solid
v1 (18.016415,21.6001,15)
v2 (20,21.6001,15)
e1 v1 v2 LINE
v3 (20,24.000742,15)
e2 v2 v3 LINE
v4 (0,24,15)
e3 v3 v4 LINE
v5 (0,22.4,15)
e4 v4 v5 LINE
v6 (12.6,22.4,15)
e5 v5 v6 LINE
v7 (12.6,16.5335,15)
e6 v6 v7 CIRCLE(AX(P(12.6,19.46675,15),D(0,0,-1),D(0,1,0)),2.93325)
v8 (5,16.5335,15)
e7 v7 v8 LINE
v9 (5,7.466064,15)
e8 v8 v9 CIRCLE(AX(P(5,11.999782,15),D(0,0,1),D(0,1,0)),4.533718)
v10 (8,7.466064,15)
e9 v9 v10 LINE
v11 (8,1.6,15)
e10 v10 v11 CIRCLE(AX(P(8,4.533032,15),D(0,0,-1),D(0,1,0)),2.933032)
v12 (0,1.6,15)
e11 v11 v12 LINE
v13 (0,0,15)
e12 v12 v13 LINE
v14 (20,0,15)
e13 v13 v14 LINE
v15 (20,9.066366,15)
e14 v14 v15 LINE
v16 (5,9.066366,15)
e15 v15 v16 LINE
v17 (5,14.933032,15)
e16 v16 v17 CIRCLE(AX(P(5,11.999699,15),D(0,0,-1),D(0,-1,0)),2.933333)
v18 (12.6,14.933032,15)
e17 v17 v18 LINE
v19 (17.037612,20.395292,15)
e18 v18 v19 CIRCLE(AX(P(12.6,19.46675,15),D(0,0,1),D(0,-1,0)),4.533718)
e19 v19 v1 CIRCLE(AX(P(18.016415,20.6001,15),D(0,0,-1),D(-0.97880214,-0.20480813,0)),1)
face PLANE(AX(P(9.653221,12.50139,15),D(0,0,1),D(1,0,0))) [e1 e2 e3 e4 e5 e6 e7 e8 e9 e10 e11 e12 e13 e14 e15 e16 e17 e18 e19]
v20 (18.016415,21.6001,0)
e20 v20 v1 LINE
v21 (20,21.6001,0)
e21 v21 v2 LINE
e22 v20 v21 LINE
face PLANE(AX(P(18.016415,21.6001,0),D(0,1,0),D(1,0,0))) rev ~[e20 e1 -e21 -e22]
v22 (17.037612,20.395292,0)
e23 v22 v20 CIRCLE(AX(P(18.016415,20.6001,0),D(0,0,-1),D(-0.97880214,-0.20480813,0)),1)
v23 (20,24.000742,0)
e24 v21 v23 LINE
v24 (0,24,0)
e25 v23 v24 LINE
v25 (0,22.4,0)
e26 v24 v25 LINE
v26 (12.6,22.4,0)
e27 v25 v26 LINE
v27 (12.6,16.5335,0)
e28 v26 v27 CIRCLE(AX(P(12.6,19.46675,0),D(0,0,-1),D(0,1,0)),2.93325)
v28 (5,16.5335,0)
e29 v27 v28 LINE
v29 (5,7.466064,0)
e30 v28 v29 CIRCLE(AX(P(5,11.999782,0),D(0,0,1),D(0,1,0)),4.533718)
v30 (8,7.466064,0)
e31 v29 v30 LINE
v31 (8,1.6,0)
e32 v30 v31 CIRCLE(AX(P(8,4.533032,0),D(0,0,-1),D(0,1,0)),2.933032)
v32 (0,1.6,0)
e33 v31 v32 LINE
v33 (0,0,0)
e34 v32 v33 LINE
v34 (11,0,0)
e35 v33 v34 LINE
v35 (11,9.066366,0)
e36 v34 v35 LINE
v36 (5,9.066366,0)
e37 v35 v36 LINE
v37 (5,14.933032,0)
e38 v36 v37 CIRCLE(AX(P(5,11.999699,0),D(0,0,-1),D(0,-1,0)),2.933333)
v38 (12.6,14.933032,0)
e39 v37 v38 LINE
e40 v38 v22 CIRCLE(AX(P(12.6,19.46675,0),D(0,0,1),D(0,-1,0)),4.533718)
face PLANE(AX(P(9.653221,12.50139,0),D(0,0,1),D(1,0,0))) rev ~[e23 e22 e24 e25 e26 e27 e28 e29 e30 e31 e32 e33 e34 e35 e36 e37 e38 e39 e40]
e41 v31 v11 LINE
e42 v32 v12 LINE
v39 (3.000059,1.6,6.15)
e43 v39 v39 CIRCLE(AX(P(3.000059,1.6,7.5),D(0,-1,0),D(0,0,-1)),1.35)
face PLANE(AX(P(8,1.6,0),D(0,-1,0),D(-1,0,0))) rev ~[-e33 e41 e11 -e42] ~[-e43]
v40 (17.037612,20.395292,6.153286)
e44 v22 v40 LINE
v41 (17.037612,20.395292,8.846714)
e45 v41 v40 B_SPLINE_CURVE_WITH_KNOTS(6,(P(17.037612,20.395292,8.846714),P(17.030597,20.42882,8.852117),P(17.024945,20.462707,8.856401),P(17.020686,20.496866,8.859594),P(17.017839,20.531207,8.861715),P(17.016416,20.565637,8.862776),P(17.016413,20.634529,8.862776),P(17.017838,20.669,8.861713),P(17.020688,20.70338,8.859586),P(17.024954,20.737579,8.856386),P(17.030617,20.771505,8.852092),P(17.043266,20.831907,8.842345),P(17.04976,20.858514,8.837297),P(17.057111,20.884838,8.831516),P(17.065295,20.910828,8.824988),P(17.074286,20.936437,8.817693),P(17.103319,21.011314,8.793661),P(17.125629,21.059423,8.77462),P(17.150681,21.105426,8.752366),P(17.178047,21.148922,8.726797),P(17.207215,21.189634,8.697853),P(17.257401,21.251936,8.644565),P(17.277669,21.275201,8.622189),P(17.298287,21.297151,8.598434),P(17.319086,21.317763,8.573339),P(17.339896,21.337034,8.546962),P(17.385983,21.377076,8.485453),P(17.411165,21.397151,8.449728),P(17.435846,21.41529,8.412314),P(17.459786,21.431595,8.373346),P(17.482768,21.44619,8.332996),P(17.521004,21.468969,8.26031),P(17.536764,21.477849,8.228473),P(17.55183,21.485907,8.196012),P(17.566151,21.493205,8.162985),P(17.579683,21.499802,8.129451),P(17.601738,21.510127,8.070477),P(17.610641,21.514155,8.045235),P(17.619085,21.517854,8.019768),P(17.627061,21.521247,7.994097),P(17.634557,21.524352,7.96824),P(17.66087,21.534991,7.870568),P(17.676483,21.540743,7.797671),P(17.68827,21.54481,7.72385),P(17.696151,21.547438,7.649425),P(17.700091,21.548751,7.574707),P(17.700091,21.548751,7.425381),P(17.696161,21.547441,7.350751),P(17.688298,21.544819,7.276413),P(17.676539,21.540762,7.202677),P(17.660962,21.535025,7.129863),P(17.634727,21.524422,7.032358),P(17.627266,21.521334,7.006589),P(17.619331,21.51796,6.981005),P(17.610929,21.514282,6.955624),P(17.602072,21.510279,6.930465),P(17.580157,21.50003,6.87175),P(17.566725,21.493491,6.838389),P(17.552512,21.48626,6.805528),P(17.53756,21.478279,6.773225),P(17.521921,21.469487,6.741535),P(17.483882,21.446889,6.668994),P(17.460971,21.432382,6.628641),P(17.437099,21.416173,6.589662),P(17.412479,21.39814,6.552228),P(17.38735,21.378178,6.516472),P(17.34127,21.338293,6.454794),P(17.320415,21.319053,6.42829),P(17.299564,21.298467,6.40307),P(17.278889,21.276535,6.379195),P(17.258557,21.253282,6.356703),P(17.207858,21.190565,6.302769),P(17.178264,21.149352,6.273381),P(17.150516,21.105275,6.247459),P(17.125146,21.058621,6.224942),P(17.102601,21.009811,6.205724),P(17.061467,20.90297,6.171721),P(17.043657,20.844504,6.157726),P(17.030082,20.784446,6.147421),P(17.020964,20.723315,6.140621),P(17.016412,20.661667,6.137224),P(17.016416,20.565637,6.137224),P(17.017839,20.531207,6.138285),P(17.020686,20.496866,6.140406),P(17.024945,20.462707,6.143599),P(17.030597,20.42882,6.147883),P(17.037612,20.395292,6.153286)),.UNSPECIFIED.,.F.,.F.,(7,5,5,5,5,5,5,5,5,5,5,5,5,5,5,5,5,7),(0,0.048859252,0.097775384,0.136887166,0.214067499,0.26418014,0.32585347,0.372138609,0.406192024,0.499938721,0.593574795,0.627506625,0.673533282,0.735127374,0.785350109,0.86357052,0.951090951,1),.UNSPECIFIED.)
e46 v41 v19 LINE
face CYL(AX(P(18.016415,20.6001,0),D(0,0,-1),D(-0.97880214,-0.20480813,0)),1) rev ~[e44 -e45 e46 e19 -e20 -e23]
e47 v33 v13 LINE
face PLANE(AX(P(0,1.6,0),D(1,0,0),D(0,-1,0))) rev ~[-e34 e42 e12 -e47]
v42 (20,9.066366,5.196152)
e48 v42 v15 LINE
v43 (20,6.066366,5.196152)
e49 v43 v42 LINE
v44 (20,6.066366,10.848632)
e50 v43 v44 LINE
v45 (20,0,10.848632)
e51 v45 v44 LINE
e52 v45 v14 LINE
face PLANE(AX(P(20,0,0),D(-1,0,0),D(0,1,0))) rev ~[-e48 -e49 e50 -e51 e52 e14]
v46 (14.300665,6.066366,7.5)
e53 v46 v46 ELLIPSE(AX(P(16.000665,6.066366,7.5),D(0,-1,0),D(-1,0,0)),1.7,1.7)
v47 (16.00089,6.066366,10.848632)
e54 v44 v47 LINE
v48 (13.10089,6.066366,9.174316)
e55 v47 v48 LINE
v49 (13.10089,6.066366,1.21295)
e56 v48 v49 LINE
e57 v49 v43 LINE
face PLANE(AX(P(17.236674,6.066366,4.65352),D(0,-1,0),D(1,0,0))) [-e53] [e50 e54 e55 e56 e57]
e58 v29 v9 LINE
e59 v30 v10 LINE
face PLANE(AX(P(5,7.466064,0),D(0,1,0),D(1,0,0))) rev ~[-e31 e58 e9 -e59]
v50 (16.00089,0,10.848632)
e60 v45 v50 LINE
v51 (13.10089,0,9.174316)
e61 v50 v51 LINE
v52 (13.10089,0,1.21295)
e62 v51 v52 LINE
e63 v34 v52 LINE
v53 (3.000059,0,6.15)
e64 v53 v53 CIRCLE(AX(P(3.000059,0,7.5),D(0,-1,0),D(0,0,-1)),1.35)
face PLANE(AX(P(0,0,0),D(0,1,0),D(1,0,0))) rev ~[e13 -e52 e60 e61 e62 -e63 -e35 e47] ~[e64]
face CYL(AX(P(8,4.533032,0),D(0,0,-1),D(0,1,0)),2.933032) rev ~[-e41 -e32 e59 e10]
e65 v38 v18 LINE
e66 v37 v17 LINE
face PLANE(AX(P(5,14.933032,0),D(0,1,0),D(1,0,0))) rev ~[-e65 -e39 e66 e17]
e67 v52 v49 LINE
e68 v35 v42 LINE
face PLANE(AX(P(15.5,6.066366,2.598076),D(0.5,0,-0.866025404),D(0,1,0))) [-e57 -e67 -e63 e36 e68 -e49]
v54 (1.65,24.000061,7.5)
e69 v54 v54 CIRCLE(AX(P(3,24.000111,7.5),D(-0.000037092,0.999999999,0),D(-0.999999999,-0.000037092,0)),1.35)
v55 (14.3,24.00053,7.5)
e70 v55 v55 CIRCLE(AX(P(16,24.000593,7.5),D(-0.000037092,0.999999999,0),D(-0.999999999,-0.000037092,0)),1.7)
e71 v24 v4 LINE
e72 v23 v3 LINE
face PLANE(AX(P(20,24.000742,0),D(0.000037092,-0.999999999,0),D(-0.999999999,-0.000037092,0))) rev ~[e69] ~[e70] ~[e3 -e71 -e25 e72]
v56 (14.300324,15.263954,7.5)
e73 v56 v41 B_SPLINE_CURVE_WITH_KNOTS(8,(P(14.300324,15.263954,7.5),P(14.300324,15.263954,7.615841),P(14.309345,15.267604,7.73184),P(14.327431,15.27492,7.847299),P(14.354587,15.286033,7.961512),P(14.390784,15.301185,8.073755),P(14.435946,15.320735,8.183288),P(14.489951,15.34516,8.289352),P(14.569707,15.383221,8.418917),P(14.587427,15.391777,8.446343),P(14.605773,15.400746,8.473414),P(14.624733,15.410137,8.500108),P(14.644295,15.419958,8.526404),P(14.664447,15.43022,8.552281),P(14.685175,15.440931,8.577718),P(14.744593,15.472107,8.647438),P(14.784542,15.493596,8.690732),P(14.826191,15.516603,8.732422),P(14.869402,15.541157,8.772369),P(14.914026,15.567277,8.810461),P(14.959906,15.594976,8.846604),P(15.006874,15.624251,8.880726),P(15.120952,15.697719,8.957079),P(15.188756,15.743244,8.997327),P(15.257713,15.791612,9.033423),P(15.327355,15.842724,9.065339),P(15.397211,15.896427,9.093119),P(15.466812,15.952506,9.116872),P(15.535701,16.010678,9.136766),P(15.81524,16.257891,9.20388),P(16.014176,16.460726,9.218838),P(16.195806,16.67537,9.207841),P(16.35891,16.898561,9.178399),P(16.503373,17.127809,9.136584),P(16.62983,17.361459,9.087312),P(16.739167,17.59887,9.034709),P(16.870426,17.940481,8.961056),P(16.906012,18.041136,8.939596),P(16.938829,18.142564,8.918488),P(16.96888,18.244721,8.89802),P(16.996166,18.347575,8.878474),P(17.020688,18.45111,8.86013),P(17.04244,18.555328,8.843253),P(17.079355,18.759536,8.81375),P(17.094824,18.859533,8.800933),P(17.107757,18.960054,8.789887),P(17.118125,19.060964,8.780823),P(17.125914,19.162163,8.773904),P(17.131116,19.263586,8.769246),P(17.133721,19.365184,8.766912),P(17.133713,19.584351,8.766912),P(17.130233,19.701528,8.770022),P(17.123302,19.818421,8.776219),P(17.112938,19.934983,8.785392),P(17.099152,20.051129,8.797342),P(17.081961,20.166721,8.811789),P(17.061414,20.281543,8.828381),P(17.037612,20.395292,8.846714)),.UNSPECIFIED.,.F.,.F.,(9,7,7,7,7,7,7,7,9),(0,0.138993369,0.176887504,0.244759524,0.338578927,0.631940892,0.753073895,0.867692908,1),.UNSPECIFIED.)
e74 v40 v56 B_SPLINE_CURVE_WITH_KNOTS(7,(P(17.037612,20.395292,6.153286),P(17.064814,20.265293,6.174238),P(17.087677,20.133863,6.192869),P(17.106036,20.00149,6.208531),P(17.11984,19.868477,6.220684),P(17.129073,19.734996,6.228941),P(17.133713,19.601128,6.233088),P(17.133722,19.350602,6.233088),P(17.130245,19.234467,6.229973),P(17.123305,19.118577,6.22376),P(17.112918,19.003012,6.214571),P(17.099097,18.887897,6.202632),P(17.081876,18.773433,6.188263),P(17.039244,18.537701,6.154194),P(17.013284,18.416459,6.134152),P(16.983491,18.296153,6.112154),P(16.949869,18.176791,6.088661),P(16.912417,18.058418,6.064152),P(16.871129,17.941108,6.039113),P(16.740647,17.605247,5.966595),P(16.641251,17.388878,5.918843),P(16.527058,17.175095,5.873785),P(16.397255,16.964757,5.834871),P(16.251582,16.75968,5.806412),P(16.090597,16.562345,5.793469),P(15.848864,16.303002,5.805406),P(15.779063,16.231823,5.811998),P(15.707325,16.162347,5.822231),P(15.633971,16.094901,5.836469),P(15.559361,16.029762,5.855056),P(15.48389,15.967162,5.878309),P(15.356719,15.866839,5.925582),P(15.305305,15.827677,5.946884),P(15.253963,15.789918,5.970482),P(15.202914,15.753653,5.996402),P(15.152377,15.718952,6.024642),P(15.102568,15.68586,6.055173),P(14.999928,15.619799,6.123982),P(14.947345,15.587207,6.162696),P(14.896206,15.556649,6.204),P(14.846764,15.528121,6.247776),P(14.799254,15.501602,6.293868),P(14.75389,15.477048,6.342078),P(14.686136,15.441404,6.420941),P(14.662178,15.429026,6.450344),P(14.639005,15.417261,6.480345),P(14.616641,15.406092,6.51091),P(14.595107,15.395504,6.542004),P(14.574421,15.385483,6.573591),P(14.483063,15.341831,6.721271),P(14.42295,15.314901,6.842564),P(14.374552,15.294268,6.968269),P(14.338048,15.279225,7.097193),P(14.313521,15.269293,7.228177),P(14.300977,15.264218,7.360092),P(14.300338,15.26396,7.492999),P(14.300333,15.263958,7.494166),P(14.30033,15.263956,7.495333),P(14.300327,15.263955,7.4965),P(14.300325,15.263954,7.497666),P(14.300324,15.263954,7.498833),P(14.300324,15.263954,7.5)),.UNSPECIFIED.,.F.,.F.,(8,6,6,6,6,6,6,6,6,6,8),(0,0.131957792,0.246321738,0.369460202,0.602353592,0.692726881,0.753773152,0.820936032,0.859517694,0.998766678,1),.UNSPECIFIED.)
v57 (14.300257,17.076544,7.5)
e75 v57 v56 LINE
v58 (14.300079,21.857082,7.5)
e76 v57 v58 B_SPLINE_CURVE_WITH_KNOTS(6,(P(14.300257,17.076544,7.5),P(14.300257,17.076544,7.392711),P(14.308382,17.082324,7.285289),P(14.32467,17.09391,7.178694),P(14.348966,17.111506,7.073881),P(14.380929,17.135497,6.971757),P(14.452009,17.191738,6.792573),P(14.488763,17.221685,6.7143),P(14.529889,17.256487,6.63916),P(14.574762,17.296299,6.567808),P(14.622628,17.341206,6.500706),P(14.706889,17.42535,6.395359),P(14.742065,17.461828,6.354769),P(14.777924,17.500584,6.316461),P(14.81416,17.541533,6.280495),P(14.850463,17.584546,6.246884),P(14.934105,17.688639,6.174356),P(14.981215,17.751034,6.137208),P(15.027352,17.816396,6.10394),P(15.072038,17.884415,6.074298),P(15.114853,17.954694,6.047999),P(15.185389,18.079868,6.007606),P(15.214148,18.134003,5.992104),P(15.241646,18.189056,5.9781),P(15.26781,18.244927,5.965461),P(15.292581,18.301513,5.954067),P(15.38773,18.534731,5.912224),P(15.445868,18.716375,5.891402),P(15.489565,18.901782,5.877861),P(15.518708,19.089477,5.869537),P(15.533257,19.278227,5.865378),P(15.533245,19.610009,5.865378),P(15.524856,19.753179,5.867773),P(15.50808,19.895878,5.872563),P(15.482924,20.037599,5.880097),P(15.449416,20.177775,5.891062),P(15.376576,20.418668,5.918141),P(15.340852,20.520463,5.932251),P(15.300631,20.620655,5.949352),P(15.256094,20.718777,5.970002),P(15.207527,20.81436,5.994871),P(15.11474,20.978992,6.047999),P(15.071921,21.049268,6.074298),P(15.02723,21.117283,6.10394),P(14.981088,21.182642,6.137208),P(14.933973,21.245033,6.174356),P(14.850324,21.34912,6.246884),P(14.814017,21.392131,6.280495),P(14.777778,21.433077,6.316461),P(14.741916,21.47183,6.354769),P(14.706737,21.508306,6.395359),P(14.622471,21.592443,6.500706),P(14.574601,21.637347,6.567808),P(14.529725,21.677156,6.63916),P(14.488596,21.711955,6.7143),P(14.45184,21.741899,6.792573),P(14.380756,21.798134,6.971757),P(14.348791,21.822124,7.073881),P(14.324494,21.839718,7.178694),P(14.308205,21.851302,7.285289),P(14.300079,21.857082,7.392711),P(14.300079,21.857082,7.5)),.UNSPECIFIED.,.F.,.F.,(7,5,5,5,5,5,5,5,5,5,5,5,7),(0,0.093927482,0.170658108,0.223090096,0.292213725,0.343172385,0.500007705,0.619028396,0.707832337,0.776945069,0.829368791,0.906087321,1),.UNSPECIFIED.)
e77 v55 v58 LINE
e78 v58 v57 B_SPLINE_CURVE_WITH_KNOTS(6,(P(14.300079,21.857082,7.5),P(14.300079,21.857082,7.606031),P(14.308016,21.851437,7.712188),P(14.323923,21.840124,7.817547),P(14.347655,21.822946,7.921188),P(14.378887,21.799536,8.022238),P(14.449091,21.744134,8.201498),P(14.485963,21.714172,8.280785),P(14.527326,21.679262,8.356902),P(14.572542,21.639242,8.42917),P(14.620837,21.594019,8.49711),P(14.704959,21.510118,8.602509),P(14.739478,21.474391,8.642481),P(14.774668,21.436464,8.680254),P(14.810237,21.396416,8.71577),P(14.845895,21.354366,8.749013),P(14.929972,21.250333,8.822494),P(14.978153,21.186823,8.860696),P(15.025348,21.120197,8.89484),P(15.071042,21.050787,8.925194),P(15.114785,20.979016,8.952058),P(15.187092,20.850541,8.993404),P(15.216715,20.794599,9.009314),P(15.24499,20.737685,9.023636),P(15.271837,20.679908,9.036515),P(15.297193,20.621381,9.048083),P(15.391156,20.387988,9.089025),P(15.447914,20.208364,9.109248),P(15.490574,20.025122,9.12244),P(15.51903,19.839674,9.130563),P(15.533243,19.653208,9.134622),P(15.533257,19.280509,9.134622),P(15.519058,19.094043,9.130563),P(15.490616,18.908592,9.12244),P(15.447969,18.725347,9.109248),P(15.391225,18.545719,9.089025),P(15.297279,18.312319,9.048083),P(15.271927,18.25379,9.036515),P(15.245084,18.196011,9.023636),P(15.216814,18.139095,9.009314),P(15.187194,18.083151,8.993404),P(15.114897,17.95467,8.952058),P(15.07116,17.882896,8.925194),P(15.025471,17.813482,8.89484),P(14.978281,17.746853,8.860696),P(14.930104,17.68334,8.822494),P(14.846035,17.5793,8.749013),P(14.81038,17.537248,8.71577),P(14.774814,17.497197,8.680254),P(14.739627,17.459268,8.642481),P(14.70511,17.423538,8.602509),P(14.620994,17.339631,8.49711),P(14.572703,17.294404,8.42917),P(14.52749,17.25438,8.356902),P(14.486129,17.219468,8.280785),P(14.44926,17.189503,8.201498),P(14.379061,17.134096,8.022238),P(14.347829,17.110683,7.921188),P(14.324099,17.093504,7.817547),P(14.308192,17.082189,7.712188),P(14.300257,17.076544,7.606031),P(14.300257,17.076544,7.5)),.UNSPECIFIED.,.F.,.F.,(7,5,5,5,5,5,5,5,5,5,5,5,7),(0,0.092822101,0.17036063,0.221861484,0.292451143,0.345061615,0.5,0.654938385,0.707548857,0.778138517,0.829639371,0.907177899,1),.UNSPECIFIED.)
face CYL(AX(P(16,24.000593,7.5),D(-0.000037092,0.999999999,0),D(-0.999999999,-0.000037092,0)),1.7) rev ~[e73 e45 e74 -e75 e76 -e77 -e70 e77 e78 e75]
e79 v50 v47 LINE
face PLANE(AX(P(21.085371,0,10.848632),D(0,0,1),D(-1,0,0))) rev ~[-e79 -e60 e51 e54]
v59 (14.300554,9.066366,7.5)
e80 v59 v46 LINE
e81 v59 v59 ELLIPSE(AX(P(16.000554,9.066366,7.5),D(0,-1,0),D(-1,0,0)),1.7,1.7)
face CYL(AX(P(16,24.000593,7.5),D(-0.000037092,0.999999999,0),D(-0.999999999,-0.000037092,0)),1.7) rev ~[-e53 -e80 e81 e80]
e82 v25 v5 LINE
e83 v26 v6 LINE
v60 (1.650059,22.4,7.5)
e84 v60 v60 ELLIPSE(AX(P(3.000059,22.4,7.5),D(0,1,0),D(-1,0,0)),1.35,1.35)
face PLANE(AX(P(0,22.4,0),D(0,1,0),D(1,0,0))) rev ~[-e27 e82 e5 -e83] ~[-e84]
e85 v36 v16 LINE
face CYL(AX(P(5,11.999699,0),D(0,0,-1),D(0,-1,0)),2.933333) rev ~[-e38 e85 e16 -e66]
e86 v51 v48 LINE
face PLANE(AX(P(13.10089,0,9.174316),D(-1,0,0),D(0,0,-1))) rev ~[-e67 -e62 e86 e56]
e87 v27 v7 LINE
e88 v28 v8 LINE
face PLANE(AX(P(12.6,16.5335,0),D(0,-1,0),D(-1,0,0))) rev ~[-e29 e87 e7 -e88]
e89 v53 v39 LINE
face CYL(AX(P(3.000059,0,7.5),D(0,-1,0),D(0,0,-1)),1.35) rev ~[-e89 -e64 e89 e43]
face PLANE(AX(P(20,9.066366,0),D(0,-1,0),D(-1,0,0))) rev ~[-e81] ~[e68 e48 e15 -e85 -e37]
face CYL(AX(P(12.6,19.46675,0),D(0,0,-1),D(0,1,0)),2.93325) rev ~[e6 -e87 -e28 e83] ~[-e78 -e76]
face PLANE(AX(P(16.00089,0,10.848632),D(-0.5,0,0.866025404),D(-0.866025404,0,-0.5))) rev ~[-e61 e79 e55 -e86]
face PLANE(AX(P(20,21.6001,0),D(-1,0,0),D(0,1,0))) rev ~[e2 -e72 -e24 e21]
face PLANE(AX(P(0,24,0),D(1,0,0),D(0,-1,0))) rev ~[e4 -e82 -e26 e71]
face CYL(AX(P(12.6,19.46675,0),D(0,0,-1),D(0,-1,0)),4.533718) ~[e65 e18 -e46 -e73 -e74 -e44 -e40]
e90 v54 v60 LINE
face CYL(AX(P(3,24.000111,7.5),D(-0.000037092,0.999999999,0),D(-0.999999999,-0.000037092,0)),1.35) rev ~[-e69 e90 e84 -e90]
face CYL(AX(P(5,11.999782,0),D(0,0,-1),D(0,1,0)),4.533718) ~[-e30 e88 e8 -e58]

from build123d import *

# Parameters (mm, degrees)
BOSS_EXTRUDE1_DEPTH = 15
SKETCH2_R           = 1.7
CUT_EXTRUDE1_DEPTH  = 35.655960635
CUT_EXTRUDE2_DEPTH  = 6.066365529
CUT_EXTRUDE3_REACH  = 36.656
SKETCH4_R           = 1.35
CUT_EXTRUDE4_REACH  = 36.656
SKETCH5_R           = 1.350000001
CHAMFER2_SIZE       = 9
CHAMFER2_SIZE2      = 5.196152423


with BuildPart() as part:
    # Sketch1 → Boss-Extrude1 (new body)
    with BuildSketch(Plane.XY):
        with BuildLine():
            Line((0, 0), (20, 0))
            Line((20, 0), (20, 9.066365529))
            Line((20, 9.066365529), (8, 9.066365529))
            Line((8, 9.066365529), (5, 9.066365529))
            ThreePointArc((5, 9.066365529), (2.066666667, 11.999698862), (5, 14.933032196))
            Line((5, 14.933032196), (12.6, 14.933032196))
            ThreePointArc((12.6, 14.933032196), (16.118831006, 16.608004693), (17.03761247, 20.395292))
            ThreePointArc((17.03761247, 20.395292), (17.240267675, 21.230652218), (18.016414611, 21.600100131))
            Line((18.016414611, 21.600100131), (20, 21.600100131))
            Line((20, 21.600100131), (20, 24.000741841))
            Line((20, 24.000741841), (0, 24))
            Line((0, 24), (0, 22.4))
            Line((0, 22.4), (12.6, 22.4))
            ThreePointArc((12.6, 22.4), (15.533250224, 19.466749776), (12.6, 16.533499552))
            Line((12.6, 16.533499552), (5, 16.533499552))
            ThreePointArc((5, 16.533499552), (0.46628242, 11.999781972), (5, 7.466064391))
            Line((5, 7.466064391), (8, 7.466064391))
            ThreePointArc((8, 7.466064391), (10.933032196, 4.533032196), (8, 1.6))
            Line((8, 1.6), (0, 1.6))
            Line((0, 1.6), (0, 0))
        make_face()
    extrude(amount=BOSS_EXTRUDE1_DEPTH)

    # Sketch2 → Cut-Extrude1 (cut, through all)
    with BuildSketch(Plane(origin=(-0.000890209, 23.999999967, 0), x_dir=(0.9999999993120905, 3.709203365043046e-05, 0), z_dir=(-3.709203365043046e-05, 0.9999999993120905, 0))):
        with Locations(Location((16.000890209, -7.5, 0), (0, 0, 180))):
            Circle(SKETCH2_R)
    extrude(amount=-CUT_EXTRUDE1_DEPTH, mode=Mode.SUBTRACT)

    # Sketch3 → Cut-Extrude2 (cut)
    with BuildSketch(Plane.XZ):
        Polygon((21.085370845, -1.090112753), (21.085370845, 10.848631561), (16.00089022, 10.848631561), (13.10089022, 9.174315781), (13.10089022, -1.090112753), align=None)
    extrude(amount=-CUT_EXTRUDE2_DEPTH, mode=Mode.SUBTRACT)

    # Sketch4 → Cut-Extrude3 (cut, up to next)
    with BuildSketch(Plane(origin=(-0.000890209, 23.999999967, 0), x_dir=(0.9999999993120905, 3.709203365043046e-05, 0), z_dir=(-3.709203365043046e-05, 0.9999999993120905, 0)), mode=Mode.PRIVATE) as cut_extrude3_sk1:
        with Locations(Location((3.000890209, -7.5, 0), (0, 0, 180))):
            Circle(SKETCH4_R)
    cut_extrude3_tool1 = extrude(cut_extrude3_sk1.sketch, amount=-CUT_EXTRUDE3_REACH, mode=Mode.PRIVATE) & part.part
    add(cut_extrude3_tool1.solids().sort_by_distance((3, 24.000111, 7.5))[0], mode=Mode.SUBTRACT)

    # Sketch5 → Cut-Extrude4 (cut, up to next)
    with BuildSketch(Plane.XZ, mode=Mode.PRIVATE) as cut_extrude4_sk1:
        with Locations(Location((3.000059349, 7.5, 0), (0, 0, 270))):
            Circle(SKETCH5_R)
    cut_extrude4_tool1 = extrude(cut_extrude4_sk1.sketch, amount=-CUT_EXTRUDE4_REACH, mode=Mode.PRIVATE) & part.part
    add(cut_extrude4_tool1.solids().sort_by_distance((3.000059, 0, 7.5))[0], mode=Mode.SUBTRACT)

    # Chamfer2
    chamfer2_edges = [part.edges().sort_by_distance(p)[0] for p in [
        (20, 7.566365529, 0),
    ]]
    chamfer2_side = [part.faces().sort_by_distance(p)[0] for p in [
        (0.778698106, 11.999781972, 0),
    ]]
    chamfer(chamfer2_edges, length=CHAMFER2_SIZE, length2=CHAMFER2_SIZE2, reference=chamfer2_side[0])


solid = part.part
